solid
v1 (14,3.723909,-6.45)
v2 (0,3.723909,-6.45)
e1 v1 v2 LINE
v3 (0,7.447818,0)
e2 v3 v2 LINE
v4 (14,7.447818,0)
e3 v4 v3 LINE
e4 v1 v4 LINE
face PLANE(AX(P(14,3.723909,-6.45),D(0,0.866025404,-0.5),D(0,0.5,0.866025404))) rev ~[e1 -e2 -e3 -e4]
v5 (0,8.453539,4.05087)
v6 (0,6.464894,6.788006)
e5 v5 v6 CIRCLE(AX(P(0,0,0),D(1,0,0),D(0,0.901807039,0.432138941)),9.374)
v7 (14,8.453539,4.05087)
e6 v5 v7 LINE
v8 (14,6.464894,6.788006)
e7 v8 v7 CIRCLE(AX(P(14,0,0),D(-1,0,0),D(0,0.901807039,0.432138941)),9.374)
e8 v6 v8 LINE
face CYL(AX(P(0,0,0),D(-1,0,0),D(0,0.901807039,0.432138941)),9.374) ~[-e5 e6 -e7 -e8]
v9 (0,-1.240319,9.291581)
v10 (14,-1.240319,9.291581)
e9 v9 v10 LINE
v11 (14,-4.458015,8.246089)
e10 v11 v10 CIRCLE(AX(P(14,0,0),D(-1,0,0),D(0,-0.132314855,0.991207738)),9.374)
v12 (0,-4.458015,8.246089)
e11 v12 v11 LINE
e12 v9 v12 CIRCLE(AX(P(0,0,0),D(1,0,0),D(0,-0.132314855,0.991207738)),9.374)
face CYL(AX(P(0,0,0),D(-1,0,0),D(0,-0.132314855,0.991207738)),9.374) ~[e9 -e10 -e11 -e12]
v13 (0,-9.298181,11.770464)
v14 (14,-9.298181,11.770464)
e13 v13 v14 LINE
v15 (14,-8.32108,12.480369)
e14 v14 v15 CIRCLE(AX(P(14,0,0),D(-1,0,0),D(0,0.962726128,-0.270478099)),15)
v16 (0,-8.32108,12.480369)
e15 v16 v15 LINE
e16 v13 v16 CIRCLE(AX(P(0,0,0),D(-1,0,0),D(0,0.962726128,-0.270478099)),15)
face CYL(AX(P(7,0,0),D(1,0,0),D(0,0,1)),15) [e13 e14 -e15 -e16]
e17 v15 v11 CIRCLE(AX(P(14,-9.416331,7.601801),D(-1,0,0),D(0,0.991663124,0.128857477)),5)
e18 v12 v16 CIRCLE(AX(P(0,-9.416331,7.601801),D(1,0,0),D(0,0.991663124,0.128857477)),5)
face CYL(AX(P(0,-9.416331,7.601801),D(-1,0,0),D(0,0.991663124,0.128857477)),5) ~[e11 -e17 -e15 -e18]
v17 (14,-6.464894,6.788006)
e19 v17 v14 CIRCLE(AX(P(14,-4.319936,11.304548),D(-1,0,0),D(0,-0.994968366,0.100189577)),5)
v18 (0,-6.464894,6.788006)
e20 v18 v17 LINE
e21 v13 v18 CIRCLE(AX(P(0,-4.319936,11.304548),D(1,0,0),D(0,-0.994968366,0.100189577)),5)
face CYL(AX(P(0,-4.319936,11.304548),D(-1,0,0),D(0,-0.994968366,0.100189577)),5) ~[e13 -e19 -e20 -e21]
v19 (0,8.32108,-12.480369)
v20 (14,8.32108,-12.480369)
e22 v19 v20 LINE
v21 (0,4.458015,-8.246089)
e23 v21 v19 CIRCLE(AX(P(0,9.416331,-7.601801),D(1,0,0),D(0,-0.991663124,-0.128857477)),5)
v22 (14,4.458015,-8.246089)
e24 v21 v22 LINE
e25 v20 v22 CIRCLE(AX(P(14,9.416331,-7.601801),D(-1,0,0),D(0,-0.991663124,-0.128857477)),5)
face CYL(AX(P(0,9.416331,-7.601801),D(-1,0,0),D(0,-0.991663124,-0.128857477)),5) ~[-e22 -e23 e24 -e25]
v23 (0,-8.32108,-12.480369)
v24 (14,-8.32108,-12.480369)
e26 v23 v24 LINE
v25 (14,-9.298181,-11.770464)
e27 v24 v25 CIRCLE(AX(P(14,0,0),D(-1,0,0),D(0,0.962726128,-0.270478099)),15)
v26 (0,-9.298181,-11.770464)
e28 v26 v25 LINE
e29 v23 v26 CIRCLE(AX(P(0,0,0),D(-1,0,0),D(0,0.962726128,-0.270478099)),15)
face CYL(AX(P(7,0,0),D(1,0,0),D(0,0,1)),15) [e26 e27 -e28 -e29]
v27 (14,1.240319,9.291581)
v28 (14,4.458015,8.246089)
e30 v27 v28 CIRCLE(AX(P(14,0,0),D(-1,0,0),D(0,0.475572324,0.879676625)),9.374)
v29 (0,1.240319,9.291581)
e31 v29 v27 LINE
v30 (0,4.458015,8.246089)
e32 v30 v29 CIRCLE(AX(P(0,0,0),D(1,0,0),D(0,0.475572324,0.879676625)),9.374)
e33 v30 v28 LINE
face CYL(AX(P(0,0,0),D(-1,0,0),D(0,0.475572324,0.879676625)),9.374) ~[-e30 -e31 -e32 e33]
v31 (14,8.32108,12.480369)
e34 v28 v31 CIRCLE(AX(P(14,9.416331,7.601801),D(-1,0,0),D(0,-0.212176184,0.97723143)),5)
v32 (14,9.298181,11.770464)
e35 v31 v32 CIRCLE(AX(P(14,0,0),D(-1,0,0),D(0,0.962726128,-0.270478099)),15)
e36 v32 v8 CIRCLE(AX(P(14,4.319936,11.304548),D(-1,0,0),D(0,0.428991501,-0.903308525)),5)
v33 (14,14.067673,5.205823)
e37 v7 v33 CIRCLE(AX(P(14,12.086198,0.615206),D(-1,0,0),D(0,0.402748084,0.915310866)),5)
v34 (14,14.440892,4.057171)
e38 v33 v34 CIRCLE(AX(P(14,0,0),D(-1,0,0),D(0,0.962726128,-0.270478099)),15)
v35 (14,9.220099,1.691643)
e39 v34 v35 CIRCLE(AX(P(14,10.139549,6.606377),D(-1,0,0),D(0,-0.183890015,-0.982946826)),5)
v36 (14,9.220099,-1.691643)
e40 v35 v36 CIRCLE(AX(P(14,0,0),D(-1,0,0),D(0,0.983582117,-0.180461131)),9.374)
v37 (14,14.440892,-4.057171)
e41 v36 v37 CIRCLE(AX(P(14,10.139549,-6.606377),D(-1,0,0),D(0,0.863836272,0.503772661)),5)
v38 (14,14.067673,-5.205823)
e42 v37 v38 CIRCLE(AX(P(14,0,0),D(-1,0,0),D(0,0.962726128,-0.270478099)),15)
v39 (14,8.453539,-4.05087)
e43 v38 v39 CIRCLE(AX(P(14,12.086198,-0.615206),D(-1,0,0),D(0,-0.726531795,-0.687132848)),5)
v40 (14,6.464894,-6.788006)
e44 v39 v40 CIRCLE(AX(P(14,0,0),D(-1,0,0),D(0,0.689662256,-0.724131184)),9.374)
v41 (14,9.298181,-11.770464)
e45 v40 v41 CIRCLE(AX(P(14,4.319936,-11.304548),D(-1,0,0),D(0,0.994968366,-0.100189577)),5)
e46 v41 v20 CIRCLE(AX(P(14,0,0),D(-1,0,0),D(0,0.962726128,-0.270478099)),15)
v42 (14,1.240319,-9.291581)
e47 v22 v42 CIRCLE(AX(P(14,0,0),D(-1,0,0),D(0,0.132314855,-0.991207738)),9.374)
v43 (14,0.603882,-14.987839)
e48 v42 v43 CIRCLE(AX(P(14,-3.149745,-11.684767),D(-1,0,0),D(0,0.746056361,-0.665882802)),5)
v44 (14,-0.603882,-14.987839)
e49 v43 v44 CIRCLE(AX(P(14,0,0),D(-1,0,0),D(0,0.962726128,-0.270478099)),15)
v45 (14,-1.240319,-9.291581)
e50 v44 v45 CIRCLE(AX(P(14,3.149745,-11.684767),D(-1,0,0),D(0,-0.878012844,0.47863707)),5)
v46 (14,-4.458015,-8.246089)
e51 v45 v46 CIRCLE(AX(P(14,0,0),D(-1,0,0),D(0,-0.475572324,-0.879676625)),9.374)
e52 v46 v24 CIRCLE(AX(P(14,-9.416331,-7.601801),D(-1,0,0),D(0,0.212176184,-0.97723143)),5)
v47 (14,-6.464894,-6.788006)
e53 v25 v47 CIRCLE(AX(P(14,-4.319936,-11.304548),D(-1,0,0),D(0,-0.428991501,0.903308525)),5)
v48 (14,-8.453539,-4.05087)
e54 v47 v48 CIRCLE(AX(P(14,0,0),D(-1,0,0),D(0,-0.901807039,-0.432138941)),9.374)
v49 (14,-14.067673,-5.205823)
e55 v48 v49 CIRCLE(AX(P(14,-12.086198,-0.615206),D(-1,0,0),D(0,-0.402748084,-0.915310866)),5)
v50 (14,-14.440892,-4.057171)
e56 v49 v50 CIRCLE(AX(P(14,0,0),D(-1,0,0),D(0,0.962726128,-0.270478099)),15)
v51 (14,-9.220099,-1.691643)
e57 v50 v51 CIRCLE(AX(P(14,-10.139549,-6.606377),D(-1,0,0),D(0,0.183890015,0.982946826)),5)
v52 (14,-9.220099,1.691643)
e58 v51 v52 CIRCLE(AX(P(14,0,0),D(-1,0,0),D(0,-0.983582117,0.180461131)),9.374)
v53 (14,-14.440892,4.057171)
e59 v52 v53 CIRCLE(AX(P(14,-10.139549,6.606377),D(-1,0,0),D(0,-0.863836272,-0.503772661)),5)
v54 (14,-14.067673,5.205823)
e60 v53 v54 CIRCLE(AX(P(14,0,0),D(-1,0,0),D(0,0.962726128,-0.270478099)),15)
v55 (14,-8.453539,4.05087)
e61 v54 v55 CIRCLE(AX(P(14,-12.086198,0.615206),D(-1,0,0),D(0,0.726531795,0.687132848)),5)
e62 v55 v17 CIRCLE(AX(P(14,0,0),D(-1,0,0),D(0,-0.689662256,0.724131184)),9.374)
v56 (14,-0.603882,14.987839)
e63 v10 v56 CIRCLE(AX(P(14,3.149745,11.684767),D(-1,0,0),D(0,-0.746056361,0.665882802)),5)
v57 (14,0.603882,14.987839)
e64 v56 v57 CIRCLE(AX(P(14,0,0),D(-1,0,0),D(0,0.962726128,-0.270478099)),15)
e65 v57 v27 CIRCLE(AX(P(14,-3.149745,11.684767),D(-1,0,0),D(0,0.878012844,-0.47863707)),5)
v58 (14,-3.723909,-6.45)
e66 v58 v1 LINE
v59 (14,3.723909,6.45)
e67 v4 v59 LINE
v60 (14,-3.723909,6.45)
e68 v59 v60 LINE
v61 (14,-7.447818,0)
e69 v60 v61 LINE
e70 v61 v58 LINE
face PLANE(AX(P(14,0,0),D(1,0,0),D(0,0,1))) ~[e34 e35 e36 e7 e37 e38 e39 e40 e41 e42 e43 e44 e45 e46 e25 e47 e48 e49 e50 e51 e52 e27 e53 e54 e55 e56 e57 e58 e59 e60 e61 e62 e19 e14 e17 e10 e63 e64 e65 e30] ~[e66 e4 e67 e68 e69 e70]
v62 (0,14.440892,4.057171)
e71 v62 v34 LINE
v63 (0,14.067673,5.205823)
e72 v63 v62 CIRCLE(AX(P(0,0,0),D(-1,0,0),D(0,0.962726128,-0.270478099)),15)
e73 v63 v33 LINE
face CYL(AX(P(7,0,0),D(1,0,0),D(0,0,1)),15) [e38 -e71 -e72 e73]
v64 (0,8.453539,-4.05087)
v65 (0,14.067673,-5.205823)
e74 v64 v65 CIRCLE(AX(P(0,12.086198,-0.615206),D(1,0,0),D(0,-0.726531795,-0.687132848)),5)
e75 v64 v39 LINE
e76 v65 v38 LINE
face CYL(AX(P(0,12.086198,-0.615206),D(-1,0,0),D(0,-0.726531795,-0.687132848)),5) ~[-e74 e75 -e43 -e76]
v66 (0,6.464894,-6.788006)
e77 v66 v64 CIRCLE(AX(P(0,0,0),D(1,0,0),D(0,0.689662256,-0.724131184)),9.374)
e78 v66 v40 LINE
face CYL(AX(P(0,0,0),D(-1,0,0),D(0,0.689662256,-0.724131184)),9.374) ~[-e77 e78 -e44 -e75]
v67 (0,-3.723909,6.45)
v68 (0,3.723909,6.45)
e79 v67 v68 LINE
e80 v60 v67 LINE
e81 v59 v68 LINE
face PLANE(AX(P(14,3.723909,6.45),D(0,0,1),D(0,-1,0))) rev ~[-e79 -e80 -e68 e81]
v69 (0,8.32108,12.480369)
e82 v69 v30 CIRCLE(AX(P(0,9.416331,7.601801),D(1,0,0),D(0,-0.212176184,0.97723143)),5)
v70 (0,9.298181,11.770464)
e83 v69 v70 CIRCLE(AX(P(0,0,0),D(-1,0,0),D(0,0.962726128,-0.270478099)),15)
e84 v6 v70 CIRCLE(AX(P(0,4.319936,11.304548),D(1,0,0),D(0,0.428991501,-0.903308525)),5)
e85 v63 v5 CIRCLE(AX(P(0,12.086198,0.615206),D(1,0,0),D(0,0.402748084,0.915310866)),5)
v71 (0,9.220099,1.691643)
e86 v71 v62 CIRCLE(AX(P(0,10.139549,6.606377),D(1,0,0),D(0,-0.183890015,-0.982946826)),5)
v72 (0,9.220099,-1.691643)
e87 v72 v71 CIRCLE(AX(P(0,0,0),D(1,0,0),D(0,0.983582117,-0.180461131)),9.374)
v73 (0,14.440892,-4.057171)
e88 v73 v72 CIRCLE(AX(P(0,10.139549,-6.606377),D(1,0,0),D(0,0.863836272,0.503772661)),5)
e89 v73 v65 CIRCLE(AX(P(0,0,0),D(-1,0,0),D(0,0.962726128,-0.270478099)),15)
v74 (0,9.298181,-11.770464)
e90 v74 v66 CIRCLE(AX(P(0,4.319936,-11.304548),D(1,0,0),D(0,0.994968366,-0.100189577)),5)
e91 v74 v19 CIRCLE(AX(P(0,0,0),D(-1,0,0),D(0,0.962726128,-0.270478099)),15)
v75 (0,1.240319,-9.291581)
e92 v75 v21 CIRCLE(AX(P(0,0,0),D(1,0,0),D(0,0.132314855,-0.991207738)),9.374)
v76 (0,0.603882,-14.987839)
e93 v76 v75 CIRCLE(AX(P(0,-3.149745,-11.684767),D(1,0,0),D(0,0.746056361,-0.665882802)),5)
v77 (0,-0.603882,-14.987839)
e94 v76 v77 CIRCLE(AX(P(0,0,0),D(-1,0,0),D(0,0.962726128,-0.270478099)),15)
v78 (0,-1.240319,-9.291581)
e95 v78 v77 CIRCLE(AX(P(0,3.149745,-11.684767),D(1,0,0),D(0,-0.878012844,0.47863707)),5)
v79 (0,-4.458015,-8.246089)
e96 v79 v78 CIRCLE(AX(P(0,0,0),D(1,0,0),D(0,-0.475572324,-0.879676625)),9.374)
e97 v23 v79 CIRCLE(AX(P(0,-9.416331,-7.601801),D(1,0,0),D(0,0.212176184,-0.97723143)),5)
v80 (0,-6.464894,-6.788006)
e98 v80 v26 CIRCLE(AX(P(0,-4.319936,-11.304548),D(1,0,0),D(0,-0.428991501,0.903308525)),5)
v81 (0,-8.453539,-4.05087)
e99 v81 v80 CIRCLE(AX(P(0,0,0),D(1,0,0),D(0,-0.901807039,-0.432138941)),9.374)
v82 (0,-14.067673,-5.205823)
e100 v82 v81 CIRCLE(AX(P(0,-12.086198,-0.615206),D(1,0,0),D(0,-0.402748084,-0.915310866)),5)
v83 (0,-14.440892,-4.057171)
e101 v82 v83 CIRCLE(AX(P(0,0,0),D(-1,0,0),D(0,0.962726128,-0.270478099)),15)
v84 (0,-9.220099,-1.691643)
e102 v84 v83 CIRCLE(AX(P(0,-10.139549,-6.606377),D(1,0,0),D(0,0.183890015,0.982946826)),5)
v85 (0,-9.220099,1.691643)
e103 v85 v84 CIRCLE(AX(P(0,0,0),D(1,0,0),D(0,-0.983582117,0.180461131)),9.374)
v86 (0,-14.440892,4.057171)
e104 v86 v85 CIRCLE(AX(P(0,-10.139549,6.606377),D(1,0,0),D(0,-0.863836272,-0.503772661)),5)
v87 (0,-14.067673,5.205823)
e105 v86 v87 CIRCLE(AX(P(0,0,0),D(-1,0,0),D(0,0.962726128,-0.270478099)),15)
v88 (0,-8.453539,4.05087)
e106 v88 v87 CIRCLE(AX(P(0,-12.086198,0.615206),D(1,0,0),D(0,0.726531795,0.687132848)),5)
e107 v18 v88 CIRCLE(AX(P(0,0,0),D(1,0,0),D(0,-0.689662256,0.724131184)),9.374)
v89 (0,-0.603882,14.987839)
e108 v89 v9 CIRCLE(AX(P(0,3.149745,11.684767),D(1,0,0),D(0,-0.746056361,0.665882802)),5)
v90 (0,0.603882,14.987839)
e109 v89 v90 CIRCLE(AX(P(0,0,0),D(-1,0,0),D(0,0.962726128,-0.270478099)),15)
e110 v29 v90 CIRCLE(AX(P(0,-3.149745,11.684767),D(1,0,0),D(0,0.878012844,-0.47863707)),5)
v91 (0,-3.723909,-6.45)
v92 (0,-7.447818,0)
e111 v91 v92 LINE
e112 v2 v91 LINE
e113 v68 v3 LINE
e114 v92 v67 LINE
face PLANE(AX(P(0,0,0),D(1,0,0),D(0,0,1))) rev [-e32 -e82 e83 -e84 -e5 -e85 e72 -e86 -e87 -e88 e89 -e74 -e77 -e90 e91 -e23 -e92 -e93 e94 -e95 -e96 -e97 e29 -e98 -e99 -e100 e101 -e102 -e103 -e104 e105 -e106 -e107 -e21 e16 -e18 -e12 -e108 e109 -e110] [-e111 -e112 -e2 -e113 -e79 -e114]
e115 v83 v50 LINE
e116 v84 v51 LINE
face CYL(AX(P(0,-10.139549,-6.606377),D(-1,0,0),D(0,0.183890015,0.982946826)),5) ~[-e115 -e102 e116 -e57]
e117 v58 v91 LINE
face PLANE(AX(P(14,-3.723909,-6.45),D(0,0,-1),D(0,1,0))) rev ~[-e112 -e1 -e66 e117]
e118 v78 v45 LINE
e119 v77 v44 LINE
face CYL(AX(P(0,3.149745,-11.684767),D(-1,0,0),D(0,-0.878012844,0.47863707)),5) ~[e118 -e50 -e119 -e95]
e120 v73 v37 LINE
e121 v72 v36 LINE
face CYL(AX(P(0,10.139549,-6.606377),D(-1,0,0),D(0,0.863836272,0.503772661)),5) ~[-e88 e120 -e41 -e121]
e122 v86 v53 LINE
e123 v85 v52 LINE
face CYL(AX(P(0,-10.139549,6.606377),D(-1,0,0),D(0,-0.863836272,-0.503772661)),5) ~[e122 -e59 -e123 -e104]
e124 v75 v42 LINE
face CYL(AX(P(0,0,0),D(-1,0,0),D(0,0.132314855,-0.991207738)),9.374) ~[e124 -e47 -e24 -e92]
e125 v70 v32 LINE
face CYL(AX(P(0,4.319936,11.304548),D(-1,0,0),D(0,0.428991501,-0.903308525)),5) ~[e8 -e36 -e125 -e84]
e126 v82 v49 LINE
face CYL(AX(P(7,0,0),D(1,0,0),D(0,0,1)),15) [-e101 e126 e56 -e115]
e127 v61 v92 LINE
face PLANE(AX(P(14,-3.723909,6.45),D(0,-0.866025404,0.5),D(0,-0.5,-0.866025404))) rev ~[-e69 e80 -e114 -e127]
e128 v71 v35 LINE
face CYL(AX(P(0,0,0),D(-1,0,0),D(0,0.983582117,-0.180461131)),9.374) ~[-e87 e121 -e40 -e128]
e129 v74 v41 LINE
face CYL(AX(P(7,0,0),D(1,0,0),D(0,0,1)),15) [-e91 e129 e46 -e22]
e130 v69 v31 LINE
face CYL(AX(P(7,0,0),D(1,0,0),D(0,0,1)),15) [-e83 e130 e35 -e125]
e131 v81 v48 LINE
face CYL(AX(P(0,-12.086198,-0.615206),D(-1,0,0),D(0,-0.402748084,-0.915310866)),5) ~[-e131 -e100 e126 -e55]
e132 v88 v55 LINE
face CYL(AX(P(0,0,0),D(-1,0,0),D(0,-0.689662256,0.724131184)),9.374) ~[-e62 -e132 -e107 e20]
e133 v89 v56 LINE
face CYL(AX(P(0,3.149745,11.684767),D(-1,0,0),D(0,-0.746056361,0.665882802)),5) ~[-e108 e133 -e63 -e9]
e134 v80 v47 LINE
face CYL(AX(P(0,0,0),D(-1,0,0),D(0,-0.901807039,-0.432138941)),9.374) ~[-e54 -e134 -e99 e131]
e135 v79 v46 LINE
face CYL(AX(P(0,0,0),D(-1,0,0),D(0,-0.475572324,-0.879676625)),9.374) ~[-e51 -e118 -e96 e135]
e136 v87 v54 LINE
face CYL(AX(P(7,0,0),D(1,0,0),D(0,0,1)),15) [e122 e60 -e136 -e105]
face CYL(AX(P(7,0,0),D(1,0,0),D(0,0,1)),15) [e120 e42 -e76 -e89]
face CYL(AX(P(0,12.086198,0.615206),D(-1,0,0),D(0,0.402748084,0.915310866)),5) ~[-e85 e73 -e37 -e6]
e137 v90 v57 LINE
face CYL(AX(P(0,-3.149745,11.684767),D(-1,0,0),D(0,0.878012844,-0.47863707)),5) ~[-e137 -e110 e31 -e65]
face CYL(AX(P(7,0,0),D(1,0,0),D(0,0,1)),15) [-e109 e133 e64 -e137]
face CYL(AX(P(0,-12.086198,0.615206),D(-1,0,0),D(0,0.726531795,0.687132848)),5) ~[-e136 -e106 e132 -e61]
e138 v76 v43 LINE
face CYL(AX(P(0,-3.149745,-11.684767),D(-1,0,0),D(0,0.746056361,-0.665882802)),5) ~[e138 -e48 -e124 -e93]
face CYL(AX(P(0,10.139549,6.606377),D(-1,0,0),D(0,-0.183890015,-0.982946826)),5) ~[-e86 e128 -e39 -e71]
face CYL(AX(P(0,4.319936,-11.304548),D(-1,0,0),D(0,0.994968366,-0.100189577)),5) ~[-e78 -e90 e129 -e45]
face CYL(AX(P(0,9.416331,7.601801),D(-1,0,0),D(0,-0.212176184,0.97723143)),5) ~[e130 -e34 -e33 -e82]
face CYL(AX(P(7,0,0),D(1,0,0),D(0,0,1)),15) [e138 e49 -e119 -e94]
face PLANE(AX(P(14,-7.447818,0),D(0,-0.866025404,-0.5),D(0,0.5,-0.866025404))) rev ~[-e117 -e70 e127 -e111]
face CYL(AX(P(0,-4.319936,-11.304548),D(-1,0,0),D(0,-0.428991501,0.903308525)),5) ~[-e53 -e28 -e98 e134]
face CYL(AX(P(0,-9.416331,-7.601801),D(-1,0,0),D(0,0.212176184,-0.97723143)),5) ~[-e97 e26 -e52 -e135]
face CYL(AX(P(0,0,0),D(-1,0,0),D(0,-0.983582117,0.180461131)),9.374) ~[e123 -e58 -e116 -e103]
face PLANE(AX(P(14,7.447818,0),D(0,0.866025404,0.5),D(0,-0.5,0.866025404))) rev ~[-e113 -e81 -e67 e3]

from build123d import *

# Parameters (mm, degrees)
BASPROSKE_W        = 14
BASPROSKE_H        = 15
TOOTHCUT_DEPTH     = 26.416530054
TEETHCUTS_COUNT    = 10
TEETHCUTS_ANGLE    = 324
BORSKE_R           = 5
BORE_DEPTH         = 50.0000508
CUT_EXTRUDE1_DEPTH = 26.09062294


with BuildPart() as part:
    # BasProSke → Base-Revolve (revolve)
    with BuildSketch(Plane(origin=(0, 0, 0), x_dir=(1, 0, 0), z_dir=(0, 1, 0)), mode=Mode.PRIVATE) as base_revolve_sk:
        with Locations((7, 7.5)):
            Rectangle(BASPROSKE_W, BASPROSKE_H)
    revolve(base_revolve_sk.sketch.rotate(Axis((-10, 0, 0), (1, 0, 0)), 180), axis=Axis((-10, 0, 0), (1, 0, 0)))

    # TooCutSke → ToothCut (cut, through all)
    with BuildSketch(Plane(origin=(0, 0, 0), x_dir=(0, 0, -1), z_dir=(1, 0, 0))):
        with BuildLine():
            ThreePointArc((1.691642647, 9.220098761), (0, 9.374), (-1.691642647, 9.220098761))
            ThreePointArc((-1.691642647, 9.220098761), (-2.059354944, 12.219114282), (-4.087513468, 14.458730194))
            ThreePointArc((-4.087513468, 14.458730194), (0, 15.0254), (4.087513468, 14.458730194))
            ThreePointArc((4.087513468, 14.458730194), (2.059354944, 12.219114282), (1.691642647, 9.220098761))
        make_face()
    toothcut = extrude(amount=TOOTHCUT_DEPTH, mode=Mode.SUBTRACT)

    # TeethCuts: ToothCut ×10 about axis
    teethcuts_axis = Axis((-10, 0, 0), (1, 0, 0))
    for i in range(1, TEETHCUTS_COUNT):
        add(toothcut.rotate(teethcuts_axis, i * TEETHCUTS_ANGLE / (TEETHCUTS_COUNT - 1)), mode=Mode.SUBTRACT)

    # BorSke → Bore (cut, symmetric)
    with BuildSketch(Plane(origin=(0, 0, 0), x_dir=(0, 0, -1), z_dir=(1, 0, 0))):
        with Locations(Location((0, 0, 0), (0, 0, 180))):
            Circle(BORSKE_R)
    extrude(amount=BORE_DEPTH, both=True, mode=Mode.SUBTRACT)

    # Sketch1 → Cut-Extrude1 (cut, through all)
    with BuildSketch(Plane(origin=(14, 0, 0), x_dir=(0, 0, -1), z_dir=(1, 0, 0))):
        Polygon((0, -7.447818473), (6.45, -3.723909236), (6.45, 3.723909236), (0, 7.447818473), (-6.45, 3.723909236), (-6.45, -3.723909236), align=None)
    extrude(amount=-CUT_EXTRUDE1_DEPTH, mode=Mode.SUBTRACT)


solid = part.part
